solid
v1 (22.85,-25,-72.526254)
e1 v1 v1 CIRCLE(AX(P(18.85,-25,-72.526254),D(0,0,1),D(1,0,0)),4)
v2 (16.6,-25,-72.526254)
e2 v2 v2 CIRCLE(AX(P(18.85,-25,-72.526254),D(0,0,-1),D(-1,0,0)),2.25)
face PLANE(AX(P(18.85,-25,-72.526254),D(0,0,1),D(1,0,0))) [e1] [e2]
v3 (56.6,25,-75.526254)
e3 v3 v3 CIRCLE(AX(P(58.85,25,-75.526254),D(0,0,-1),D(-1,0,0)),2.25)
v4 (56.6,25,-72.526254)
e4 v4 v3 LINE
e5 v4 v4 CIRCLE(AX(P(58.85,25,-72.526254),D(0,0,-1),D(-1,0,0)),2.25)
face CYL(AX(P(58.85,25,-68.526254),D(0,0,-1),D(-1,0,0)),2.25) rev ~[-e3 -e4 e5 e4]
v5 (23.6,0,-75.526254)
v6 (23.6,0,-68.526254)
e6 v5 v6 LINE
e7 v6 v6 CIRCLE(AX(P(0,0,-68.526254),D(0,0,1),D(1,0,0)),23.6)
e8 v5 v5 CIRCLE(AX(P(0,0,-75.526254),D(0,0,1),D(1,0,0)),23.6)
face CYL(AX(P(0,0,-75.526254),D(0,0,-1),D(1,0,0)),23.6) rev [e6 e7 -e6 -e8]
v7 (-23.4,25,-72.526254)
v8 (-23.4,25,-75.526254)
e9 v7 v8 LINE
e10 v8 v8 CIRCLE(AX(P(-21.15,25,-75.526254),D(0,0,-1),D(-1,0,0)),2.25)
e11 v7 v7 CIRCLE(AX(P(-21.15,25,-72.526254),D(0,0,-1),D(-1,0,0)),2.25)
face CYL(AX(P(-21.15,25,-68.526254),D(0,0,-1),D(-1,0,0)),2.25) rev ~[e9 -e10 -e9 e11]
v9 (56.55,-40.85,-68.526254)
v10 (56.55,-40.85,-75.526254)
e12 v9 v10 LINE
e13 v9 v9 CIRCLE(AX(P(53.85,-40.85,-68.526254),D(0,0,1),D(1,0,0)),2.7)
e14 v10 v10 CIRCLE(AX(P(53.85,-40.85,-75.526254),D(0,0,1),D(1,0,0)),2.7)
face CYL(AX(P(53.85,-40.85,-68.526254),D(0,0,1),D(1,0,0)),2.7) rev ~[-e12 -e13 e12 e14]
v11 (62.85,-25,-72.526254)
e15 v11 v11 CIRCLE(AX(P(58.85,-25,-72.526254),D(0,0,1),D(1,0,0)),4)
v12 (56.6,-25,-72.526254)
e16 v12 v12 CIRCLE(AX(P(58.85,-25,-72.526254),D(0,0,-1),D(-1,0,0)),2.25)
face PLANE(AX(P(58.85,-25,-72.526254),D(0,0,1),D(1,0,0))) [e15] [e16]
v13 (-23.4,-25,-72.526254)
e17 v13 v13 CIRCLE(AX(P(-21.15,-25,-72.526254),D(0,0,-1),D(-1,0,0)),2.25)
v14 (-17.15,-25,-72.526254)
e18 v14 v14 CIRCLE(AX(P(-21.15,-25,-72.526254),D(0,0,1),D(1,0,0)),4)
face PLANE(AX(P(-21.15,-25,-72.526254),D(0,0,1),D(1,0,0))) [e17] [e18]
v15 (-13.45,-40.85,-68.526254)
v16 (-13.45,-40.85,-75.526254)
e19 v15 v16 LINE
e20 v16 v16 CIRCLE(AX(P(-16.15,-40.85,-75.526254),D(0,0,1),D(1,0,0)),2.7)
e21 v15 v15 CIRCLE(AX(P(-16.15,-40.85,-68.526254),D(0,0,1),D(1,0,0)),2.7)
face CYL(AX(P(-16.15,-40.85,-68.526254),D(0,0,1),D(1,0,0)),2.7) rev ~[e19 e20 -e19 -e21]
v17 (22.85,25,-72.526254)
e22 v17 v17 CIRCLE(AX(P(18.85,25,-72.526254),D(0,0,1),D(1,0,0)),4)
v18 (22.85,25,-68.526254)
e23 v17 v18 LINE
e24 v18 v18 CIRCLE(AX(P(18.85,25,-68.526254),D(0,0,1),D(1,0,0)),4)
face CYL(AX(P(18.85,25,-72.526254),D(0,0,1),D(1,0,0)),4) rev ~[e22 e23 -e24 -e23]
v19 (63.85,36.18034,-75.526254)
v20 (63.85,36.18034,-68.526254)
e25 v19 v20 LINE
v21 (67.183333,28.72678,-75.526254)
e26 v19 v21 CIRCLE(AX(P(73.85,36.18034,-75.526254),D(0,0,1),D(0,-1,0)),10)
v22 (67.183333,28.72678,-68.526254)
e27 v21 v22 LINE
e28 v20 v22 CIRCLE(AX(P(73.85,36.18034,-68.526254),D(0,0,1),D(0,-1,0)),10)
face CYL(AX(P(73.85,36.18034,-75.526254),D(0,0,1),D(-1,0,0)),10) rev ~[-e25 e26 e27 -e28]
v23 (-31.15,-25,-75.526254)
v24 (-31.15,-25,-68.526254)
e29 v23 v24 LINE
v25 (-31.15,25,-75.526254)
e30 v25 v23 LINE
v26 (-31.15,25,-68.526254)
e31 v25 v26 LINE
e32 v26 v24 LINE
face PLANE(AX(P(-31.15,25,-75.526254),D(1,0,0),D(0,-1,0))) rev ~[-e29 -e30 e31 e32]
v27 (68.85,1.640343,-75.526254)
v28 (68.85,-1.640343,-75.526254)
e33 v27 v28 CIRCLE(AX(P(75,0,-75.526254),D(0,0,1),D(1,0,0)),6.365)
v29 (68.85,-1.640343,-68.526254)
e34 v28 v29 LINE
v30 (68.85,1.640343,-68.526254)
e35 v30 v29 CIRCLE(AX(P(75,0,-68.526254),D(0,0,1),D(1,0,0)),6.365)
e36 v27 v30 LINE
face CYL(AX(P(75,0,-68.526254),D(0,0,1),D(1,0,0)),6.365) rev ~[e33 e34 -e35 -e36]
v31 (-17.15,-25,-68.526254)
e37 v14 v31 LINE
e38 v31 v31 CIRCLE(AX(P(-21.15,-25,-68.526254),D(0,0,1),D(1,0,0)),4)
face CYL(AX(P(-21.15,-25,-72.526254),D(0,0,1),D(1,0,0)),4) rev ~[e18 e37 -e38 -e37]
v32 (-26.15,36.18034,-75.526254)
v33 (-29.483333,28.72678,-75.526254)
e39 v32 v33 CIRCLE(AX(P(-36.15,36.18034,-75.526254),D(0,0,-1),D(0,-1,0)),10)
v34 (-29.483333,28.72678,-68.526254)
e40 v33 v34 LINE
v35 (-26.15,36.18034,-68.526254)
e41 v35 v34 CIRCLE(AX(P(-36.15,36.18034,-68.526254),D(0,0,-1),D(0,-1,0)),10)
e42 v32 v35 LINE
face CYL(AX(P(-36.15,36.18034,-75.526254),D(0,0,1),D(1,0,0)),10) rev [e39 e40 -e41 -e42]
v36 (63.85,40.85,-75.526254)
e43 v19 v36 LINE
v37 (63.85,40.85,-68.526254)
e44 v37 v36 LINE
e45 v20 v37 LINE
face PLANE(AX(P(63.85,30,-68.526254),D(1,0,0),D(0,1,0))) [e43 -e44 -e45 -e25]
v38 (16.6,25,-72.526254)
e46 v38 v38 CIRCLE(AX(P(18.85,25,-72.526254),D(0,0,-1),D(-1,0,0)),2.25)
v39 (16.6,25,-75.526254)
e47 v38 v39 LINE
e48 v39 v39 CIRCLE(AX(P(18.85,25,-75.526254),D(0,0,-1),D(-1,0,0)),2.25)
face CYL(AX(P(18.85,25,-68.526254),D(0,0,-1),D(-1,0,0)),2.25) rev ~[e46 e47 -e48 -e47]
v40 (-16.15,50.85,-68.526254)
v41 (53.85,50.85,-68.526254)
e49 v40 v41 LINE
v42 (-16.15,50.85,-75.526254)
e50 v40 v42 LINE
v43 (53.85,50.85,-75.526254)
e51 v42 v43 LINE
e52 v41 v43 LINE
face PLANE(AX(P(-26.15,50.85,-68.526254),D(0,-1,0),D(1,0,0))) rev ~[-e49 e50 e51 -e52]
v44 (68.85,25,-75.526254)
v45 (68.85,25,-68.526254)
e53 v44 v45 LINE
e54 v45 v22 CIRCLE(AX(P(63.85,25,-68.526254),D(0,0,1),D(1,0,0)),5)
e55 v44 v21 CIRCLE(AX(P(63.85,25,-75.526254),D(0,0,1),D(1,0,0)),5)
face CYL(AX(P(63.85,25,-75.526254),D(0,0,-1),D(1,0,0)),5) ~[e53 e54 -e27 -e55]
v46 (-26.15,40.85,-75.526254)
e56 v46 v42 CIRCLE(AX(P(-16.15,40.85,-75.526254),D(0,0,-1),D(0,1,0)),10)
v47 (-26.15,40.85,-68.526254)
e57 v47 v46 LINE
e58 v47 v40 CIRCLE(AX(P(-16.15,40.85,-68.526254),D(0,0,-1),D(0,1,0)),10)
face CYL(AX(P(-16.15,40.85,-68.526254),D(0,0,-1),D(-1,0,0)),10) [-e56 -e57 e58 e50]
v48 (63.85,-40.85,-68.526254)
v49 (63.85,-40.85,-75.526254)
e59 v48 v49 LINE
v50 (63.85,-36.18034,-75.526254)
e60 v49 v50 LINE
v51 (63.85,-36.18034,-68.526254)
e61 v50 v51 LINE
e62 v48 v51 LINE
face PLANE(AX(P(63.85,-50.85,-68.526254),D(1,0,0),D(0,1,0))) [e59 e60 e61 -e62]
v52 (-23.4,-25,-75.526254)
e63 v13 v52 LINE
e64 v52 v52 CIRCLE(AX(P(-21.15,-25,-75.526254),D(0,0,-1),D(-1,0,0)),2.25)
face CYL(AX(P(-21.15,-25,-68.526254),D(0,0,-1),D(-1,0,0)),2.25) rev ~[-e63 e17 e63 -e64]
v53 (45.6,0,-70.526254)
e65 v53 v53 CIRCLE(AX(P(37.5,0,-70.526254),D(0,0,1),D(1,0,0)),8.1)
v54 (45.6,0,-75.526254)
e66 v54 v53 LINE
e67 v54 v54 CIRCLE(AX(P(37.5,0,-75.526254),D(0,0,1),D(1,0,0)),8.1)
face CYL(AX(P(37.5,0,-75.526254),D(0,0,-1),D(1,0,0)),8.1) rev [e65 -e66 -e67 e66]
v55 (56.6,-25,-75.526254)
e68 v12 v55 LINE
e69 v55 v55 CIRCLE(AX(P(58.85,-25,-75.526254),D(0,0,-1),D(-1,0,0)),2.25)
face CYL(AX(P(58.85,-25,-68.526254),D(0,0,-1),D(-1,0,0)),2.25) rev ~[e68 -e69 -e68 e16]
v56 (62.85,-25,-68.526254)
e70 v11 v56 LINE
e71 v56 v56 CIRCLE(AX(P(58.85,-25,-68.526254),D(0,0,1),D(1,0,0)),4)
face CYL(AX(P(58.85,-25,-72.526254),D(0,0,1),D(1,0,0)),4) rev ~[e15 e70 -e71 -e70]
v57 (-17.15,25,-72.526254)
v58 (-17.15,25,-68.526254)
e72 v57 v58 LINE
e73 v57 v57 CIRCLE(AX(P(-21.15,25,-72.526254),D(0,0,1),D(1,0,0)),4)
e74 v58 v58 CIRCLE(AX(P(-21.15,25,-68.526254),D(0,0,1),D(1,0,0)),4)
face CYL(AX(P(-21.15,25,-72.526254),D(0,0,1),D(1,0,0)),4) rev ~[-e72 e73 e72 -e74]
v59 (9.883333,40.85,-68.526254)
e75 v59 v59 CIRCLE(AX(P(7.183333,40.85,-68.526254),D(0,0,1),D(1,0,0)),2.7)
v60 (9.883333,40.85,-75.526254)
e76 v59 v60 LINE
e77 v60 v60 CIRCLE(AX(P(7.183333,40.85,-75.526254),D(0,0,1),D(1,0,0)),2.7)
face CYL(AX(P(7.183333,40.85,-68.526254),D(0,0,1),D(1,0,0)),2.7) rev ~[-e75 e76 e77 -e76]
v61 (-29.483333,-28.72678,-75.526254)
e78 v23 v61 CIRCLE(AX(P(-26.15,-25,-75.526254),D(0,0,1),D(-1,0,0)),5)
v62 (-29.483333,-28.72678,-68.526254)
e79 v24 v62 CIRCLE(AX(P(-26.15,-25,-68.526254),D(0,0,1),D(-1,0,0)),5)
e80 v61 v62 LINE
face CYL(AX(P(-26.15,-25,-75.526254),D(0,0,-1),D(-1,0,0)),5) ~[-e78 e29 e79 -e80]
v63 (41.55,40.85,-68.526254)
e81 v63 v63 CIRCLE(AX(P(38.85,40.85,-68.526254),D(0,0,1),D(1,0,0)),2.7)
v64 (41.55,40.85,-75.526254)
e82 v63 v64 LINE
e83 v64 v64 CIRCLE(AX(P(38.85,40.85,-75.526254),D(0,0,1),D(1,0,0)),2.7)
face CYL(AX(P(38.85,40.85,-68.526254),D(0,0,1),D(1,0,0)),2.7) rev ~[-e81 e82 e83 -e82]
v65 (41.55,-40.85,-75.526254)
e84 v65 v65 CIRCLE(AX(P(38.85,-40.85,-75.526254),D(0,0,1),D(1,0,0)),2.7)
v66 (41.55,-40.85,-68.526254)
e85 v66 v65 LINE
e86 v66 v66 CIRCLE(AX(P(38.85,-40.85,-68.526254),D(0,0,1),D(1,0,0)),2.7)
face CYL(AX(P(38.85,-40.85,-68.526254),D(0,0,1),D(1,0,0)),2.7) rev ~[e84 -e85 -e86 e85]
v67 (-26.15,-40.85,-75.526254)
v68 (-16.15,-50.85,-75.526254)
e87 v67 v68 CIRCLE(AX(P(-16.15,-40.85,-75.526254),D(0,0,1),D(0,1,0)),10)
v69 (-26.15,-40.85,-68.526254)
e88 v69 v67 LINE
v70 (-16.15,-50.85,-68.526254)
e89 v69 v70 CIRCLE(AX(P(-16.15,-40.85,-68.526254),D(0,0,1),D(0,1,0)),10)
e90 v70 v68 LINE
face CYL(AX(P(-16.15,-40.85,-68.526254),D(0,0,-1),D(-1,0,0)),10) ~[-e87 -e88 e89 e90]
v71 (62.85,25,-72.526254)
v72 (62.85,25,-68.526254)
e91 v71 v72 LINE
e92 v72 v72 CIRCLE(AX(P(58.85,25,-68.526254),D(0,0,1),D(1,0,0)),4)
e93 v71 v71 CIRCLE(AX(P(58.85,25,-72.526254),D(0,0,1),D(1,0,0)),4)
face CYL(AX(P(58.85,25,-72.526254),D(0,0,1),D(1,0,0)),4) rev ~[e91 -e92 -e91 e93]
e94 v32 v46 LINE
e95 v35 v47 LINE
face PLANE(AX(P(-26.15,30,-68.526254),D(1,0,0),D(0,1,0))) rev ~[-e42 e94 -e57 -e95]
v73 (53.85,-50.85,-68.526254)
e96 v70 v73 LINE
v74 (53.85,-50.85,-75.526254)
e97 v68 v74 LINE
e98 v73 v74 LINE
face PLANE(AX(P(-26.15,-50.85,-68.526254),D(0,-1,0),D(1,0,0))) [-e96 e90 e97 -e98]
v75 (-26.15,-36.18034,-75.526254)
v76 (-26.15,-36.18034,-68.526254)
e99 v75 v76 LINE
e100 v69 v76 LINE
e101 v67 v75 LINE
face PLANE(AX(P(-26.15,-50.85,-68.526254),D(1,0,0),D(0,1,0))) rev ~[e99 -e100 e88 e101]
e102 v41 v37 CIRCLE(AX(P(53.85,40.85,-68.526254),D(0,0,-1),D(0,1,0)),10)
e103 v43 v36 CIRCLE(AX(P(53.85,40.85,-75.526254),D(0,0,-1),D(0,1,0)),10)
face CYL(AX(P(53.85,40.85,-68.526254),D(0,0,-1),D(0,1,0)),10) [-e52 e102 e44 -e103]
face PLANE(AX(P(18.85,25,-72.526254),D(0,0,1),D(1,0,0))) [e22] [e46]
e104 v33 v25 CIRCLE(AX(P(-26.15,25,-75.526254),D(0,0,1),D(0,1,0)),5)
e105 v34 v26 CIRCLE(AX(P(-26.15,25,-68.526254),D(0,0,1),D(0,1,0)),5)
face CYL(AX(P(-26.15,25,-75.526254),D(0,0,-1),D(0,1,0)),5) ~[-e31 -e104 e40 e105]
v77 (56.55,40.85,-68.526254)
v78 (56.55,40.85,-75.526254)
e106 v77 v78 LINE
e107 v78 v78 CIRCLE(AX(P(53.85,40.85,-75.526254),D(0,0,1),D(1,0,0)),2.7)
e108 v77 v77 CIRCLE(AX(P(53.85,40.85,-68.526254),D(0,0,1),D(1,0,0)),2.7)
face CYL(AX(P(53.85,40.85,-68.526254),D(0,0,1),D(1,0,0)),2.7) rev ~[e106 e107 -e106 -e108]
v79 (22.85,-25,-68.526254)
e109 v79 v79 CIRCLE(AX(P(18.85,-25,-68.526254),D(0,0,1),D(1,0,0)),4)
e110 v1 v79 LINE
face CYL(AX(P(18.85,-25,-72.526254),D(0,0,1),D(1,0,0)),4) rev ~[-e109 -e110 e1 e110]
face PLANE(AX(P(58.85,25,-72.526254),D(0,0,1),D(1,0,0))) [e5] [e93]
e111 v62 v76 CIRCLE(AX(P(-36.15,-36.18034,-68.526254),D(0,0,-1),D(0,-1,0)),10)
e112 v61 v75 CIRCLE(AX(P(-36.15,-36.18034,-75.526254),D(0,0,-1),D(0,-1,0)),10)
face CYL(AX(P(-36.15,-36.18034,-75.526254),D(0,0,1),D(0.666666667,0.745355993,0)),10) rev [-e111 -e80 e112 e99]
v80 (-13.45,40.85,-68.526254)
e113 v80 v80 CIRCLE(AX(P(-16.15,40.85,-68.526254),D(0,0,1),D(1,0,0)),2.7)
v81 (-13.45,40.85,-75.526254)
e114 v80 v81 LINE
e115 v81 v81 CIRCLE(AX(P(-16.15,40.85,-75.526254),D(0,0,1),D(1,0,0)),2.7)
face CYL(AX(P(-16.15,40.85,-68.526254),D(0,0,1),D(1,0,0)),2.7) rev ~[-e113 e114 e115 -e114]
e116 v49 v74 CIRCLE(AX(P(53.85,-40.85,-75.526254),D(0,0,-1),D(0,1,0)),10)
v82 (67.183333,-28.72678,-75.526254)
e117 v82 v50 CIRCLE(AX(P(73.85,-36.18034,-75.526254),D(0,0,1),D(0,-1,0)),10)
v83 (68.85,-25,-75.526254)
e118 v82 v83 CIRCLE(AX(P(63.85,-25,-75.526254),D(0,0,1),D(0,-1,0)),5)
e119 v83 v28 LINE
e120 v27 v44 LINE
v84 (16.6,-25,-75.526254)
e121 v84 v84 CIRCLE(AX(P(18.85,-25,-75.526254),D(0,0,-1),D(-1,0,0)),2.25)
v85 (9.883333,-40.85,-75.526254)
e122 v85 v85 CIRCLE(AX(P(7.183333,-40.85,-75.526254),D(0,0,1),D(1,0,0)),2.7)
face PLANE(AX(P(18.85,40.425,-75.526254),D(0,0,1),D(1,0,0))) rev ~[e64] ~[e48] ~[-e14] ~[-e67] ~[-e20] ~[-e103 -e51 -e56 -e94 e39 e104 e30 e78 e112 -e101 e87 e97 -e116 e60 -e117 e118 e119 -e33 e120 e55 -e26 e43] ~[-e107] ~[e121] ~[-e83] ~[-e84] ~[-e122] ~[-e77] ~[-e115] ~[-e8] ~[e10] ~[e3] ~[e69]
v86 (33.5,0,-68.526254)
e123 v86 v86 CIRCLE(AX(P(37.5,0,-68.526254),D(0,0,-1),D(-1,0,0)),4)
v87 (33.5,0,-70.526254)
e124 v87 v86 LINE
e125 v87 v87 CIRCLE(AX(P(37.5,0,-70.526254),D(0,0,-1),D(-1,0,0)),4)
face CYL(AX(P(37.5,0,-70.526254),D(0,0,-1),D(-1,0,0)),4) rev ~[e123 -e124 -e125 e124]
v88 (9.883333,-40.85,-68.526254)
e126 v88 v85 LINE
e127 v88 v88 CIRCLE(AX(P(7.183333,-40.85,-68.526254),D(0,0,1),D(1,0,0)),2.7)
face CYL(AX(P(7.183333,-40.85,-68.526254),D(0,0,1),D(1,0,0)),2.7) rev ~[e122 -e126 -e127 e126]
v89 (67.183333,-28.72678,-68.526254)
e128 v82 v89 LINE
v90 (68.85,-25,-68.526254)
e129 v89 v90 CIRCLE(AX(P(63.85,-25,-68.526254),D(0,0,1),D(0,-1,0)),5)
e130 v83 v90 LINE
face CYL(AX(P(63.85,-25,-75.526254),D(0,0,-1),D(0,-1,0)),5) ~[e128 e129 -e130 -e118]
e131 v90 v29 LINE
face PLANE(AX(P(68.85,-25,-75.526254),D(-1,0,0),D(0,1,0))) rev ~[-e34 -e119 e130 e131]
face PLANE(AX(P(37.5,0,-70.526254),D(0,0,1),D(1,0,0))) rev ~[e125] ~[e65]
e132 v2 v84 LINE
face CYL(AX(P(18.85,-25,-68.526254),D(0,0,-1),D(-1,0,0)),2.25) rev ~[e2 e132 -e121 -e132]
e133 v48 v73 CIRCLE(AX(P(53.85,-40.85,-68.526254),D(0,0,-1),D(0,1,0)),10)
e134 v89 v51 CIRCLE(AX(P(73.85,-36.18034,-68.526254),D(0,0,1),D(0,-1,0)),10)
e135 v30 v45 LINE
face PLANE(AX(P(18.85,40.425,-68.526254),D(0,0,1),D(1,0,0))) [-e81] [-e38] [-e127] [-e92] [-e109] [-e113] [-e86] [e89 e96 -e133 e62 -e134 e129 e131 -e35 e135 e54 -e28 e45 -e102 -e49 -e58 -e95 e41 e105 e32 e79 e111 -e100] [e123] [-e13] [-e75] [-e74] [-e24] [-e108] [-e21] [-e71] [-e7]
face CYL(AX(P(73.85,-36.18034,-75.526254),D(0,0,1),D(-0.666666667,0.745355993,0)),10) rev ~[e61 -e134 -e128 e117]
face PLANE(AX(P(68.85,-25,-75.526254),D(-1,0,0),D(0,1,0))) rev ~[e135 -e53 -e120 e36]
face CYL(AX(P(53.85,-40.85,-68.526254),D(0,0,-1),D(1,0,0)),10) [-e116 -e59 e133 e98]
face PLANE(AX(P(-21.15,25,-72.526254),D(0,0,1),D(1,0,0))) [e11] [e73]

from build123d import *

# Parameters (mm, degrees)
SKETCH2_R                      = 2.15
SKETCH2_R_2                    = 23.6
BOSS_EXTRUDE1_DEPTH            = 7
CUT_EXTRUDE1_START             = -7
SKETCH3_R                      = 8.1
SKETCH3_R_2                    = 23.6
CUT_EXTRUDE1_DEPTH             = 5
SKETCH4_R                      = 4
CUT_EXTRUDE2_DEPTH             = 5
SKETCH5_R                      = 6.365
CUT_EXTRUDE3_DEPTH             = 10
CBORE_FOR_M4_SHCS1_D           = 4.5
CBORE_FOR_M4_SHCS1_CBORE_D     = 8
CBORE_FOR_M4_SHCS1_CBORE_DEPTH = 4
SKETCH9_W                      = 90
SKETCH9_H                      = 20.85
SKETCH9_R                      = 2.7
BOSS_EXTRUDE3_DEPTH            = 7
FILLET2_R                      = 10
SKETCH10_W                     = 55
SKETCH10_H                     = 101.7
SKETCH10_R                     = 23.6
SKETCH10_R_2                   = 2.25
SKETCH10_R_3                   = 2.7
BOSS_EXTRUDE4_DEPTH            = 7


with BuildPart() as part:
    # Sketch2 → Boss-Extrude1 (new body)
    with BuildSketch(Plane.XY.offset(-75.526253649)):
        with BuildLine():
            Line((63.85, 30), (-26.15, 30))
            ThreePointArc((-26.15, 30), (-29.685533906, 28.535533906), (-31.15, 25))
            Line((-31.15, 25), (-31.15, -25))
            ThreePointArc((-31.15, -25), (-29.685533906, -28.535533906), (-26.15, -30))
            Line((-26.15, -30), (63.85, -30))
            ThreePointArc((63.85, -30), (67.385533906, -28.535533906), (68.85, -25))
            Line((68.85, -25), (68.85, 25))
            ThreePointArc((68.85, 25), (67.385533906, 28.535533906), (63.85, 30))
        make_face()
        with Locations((58.85, 25)):
            Circle(SKETCH2_R, mode=Mode.SUBTRACT)
        with Locations((18.85, 25)):
            Circle(SKETCH2_R, mode=Mode.SUBTRACT)
        with Locations((-21.15, 25)):
            Circle(SKETCH2_R, mode=Mode.SUBTRACT)
        with Locations((-21.15, -25)):
            Circle(SKETCH2_R, mode=Mode.SUBTRACT)
        with Locations((18.85, -25)):
            Circle(SKETCH2_R, mode=Mode.SUBTRACT)
        with Locations((58.85, -25)):
            Circle(SKETCH2_R, mode=Mode.SUBTRACT)
        Circle(SKETCH2_R_2, mode=Mode.SUBTRACT)
    extrude(amount=BOSS_EXTRUDE1_DEPTH)

    # Sketch3 → Cut-Extrude1 (cut)
    with BuildSketch(Plane.XY.offset(-68.526253649).offset(CUT_EXTRUDE1_START)):
        with Locations((37.5, 0)):
            Circle(SKETCH3_R)
        Circle(SKETCH3_R_2)
    extrude(amount=CUT_EXTRUDE1_DEPTH, mode=Mode.SUBTRACT)

    # Sketch4 → Cut-Extrude2 (cut)
    with BuildSketch(Plane(origin=(0, 0, -70.526253649), x_dir=(-1, 0, 0), z_dir=(0, 0, -1))):
        with Locations((-37.5, 0)):
            Circle(SKETCH4_R)
    extrude(amount=-CUT_EXTRUDE2_DEPTH, mode=Mode.SUBTRACT)

    # Sketch5 → Cut-Extrude3 (cut)
    with BuildSketch(Plane.XY.offset(-68.526253649)):
        with Locations((75, 0)):
            Circle(SKETCH5_R)
    extrude(amount=-CUT_EXTRUDE3_DEPTH, mode=Mode.SUBTRACT)

    # CBORE for M4 SHCS1 (through all)
    with Locations(Plane(origin=(-21.15, 25, -68.526253649), x_dir=(1, 0, 0), z_dir=(0, 0, 1))):
        with Locations((0, 0), (40, 0), (80, 0), (80, -50), (40, -50), (0, -50)):
            CounterBoreHole(CBORE_FOR_M4_SHCS1_D / 2, CBORE_FOR_M4_SHCS1_CBORE_D / 2, CBORE_FOR_M4_SHCS1_CBORE_DEPTH)

    # Sketch9 → Boss-Extrude3 (add)
    with BuildSketch(Plane.XY.offset(-68.526253649)):
        with Locations((18.85, 40.425)):
            Rectangle(SKETCH9_W, SKETCH9_H)
        with Locations((-16.15, 40.85)):
            Circle(SKETCH9_R, mode=Mode.SUBTRACT)
        with Locations((7.183333333, 40.85)):
            Circle(SKETCH9_R, mode=Mode.SUBTRACT)
        with Locations((53.85, 40.85)):
            Circle(SKETCH9_R, mode=Mode.SUBTRACT)
        with Locations((38.85, 40.85)):
            Circle(SKETCH9_R, mode=Mode.SUBTRACT)
        with Locations((18.85, -40.425)):
            Rectangle(SKETCH9_W, SKETCH9_H)
        with Locations((53.85, -40.85)):
            Circle(SKETCH9_R, mode=Mode.SUBTRACT)
        with Locations((7.183333333, -40.85)):
            Circle(SKETCH9_R, mode=Mode.SUBTRACT)
        with Locations((-16.15, -40.85)):
            Circle(SKETCH9_R, mode=Mode.SUBTRACT)
        with Locations((38.85, -40.85)):
            Circle(SKETCH9_R, mode=Mode.SUBTRACT)
    extrude(amount=-BOSS_EXTRUDE3_DEPTH)

    # Fillet2
    fillet2_edges = [part.edges().sort_by_distance(p)[0] for p in [
        (63.85, 50.85, -72.026253649),
        (-26.15, 50.85, -72.026253649),
        (63.85, -30, -72.026253649),
        (-26.15, -30, -72.026253649),
        (-26.15, 30, -72.026253649),
        (63.85, 30, -72.026253649),
        (-26.15, -50.85, -72.026253649),
        (63.85, -50.85, -72.026253649),
    ]]
    fillet(fillet2_edges, radius=FILLET2_R)


with BuildPart() as body_2:
    # Sketch10 → Boss-Extrude4 (new body)
    with BuildSketch(Plane.XY.offset(-68.526253649)):
        Rectangle(SKETCH10_W, SKETCH10_H)
        Circle(SKETCH10_R, mode=Mode.SUBTRACT)
        with Locations((-21.15, 25)):
            Circle(SKETCH10_R_2, mode=Mode.SUBTRACT)
        with Locations((18.85, 25)):
            Circle(SKETCH10_R_2, mode=Mode.SUBTRACT)
        with Locations((18.85, -25)):
            Circle(SKETCH10_R_2, mode=Mode.SUBTRACT)
        with Locations((-21.15, -25)):
            Circle(SKETCH10_R_2, mode=Mode.SUBTRACT)
        with Locations((-16.15, -40.85)):
            Circle(SKETCH10_R_3, mode=Mode.SUBTRACT)
        with Locations((7.183333333, -40.85)):
            Circle(SKETCH10_R_3, mode=Mode.SUBTRACT)
        with Locations((7.183333333, 40.85)):
            Circle(SKETCH10_R_3, mode=Mode.SUBTRACT)
        with Locations((-16.15, 40.85)):
            Circle(SKETCH10_R_3, mode=Mode.SUBTRACT)
    extrude(amount=BOSS_EXTRUDE4_DEPTH)


solid = part.part
